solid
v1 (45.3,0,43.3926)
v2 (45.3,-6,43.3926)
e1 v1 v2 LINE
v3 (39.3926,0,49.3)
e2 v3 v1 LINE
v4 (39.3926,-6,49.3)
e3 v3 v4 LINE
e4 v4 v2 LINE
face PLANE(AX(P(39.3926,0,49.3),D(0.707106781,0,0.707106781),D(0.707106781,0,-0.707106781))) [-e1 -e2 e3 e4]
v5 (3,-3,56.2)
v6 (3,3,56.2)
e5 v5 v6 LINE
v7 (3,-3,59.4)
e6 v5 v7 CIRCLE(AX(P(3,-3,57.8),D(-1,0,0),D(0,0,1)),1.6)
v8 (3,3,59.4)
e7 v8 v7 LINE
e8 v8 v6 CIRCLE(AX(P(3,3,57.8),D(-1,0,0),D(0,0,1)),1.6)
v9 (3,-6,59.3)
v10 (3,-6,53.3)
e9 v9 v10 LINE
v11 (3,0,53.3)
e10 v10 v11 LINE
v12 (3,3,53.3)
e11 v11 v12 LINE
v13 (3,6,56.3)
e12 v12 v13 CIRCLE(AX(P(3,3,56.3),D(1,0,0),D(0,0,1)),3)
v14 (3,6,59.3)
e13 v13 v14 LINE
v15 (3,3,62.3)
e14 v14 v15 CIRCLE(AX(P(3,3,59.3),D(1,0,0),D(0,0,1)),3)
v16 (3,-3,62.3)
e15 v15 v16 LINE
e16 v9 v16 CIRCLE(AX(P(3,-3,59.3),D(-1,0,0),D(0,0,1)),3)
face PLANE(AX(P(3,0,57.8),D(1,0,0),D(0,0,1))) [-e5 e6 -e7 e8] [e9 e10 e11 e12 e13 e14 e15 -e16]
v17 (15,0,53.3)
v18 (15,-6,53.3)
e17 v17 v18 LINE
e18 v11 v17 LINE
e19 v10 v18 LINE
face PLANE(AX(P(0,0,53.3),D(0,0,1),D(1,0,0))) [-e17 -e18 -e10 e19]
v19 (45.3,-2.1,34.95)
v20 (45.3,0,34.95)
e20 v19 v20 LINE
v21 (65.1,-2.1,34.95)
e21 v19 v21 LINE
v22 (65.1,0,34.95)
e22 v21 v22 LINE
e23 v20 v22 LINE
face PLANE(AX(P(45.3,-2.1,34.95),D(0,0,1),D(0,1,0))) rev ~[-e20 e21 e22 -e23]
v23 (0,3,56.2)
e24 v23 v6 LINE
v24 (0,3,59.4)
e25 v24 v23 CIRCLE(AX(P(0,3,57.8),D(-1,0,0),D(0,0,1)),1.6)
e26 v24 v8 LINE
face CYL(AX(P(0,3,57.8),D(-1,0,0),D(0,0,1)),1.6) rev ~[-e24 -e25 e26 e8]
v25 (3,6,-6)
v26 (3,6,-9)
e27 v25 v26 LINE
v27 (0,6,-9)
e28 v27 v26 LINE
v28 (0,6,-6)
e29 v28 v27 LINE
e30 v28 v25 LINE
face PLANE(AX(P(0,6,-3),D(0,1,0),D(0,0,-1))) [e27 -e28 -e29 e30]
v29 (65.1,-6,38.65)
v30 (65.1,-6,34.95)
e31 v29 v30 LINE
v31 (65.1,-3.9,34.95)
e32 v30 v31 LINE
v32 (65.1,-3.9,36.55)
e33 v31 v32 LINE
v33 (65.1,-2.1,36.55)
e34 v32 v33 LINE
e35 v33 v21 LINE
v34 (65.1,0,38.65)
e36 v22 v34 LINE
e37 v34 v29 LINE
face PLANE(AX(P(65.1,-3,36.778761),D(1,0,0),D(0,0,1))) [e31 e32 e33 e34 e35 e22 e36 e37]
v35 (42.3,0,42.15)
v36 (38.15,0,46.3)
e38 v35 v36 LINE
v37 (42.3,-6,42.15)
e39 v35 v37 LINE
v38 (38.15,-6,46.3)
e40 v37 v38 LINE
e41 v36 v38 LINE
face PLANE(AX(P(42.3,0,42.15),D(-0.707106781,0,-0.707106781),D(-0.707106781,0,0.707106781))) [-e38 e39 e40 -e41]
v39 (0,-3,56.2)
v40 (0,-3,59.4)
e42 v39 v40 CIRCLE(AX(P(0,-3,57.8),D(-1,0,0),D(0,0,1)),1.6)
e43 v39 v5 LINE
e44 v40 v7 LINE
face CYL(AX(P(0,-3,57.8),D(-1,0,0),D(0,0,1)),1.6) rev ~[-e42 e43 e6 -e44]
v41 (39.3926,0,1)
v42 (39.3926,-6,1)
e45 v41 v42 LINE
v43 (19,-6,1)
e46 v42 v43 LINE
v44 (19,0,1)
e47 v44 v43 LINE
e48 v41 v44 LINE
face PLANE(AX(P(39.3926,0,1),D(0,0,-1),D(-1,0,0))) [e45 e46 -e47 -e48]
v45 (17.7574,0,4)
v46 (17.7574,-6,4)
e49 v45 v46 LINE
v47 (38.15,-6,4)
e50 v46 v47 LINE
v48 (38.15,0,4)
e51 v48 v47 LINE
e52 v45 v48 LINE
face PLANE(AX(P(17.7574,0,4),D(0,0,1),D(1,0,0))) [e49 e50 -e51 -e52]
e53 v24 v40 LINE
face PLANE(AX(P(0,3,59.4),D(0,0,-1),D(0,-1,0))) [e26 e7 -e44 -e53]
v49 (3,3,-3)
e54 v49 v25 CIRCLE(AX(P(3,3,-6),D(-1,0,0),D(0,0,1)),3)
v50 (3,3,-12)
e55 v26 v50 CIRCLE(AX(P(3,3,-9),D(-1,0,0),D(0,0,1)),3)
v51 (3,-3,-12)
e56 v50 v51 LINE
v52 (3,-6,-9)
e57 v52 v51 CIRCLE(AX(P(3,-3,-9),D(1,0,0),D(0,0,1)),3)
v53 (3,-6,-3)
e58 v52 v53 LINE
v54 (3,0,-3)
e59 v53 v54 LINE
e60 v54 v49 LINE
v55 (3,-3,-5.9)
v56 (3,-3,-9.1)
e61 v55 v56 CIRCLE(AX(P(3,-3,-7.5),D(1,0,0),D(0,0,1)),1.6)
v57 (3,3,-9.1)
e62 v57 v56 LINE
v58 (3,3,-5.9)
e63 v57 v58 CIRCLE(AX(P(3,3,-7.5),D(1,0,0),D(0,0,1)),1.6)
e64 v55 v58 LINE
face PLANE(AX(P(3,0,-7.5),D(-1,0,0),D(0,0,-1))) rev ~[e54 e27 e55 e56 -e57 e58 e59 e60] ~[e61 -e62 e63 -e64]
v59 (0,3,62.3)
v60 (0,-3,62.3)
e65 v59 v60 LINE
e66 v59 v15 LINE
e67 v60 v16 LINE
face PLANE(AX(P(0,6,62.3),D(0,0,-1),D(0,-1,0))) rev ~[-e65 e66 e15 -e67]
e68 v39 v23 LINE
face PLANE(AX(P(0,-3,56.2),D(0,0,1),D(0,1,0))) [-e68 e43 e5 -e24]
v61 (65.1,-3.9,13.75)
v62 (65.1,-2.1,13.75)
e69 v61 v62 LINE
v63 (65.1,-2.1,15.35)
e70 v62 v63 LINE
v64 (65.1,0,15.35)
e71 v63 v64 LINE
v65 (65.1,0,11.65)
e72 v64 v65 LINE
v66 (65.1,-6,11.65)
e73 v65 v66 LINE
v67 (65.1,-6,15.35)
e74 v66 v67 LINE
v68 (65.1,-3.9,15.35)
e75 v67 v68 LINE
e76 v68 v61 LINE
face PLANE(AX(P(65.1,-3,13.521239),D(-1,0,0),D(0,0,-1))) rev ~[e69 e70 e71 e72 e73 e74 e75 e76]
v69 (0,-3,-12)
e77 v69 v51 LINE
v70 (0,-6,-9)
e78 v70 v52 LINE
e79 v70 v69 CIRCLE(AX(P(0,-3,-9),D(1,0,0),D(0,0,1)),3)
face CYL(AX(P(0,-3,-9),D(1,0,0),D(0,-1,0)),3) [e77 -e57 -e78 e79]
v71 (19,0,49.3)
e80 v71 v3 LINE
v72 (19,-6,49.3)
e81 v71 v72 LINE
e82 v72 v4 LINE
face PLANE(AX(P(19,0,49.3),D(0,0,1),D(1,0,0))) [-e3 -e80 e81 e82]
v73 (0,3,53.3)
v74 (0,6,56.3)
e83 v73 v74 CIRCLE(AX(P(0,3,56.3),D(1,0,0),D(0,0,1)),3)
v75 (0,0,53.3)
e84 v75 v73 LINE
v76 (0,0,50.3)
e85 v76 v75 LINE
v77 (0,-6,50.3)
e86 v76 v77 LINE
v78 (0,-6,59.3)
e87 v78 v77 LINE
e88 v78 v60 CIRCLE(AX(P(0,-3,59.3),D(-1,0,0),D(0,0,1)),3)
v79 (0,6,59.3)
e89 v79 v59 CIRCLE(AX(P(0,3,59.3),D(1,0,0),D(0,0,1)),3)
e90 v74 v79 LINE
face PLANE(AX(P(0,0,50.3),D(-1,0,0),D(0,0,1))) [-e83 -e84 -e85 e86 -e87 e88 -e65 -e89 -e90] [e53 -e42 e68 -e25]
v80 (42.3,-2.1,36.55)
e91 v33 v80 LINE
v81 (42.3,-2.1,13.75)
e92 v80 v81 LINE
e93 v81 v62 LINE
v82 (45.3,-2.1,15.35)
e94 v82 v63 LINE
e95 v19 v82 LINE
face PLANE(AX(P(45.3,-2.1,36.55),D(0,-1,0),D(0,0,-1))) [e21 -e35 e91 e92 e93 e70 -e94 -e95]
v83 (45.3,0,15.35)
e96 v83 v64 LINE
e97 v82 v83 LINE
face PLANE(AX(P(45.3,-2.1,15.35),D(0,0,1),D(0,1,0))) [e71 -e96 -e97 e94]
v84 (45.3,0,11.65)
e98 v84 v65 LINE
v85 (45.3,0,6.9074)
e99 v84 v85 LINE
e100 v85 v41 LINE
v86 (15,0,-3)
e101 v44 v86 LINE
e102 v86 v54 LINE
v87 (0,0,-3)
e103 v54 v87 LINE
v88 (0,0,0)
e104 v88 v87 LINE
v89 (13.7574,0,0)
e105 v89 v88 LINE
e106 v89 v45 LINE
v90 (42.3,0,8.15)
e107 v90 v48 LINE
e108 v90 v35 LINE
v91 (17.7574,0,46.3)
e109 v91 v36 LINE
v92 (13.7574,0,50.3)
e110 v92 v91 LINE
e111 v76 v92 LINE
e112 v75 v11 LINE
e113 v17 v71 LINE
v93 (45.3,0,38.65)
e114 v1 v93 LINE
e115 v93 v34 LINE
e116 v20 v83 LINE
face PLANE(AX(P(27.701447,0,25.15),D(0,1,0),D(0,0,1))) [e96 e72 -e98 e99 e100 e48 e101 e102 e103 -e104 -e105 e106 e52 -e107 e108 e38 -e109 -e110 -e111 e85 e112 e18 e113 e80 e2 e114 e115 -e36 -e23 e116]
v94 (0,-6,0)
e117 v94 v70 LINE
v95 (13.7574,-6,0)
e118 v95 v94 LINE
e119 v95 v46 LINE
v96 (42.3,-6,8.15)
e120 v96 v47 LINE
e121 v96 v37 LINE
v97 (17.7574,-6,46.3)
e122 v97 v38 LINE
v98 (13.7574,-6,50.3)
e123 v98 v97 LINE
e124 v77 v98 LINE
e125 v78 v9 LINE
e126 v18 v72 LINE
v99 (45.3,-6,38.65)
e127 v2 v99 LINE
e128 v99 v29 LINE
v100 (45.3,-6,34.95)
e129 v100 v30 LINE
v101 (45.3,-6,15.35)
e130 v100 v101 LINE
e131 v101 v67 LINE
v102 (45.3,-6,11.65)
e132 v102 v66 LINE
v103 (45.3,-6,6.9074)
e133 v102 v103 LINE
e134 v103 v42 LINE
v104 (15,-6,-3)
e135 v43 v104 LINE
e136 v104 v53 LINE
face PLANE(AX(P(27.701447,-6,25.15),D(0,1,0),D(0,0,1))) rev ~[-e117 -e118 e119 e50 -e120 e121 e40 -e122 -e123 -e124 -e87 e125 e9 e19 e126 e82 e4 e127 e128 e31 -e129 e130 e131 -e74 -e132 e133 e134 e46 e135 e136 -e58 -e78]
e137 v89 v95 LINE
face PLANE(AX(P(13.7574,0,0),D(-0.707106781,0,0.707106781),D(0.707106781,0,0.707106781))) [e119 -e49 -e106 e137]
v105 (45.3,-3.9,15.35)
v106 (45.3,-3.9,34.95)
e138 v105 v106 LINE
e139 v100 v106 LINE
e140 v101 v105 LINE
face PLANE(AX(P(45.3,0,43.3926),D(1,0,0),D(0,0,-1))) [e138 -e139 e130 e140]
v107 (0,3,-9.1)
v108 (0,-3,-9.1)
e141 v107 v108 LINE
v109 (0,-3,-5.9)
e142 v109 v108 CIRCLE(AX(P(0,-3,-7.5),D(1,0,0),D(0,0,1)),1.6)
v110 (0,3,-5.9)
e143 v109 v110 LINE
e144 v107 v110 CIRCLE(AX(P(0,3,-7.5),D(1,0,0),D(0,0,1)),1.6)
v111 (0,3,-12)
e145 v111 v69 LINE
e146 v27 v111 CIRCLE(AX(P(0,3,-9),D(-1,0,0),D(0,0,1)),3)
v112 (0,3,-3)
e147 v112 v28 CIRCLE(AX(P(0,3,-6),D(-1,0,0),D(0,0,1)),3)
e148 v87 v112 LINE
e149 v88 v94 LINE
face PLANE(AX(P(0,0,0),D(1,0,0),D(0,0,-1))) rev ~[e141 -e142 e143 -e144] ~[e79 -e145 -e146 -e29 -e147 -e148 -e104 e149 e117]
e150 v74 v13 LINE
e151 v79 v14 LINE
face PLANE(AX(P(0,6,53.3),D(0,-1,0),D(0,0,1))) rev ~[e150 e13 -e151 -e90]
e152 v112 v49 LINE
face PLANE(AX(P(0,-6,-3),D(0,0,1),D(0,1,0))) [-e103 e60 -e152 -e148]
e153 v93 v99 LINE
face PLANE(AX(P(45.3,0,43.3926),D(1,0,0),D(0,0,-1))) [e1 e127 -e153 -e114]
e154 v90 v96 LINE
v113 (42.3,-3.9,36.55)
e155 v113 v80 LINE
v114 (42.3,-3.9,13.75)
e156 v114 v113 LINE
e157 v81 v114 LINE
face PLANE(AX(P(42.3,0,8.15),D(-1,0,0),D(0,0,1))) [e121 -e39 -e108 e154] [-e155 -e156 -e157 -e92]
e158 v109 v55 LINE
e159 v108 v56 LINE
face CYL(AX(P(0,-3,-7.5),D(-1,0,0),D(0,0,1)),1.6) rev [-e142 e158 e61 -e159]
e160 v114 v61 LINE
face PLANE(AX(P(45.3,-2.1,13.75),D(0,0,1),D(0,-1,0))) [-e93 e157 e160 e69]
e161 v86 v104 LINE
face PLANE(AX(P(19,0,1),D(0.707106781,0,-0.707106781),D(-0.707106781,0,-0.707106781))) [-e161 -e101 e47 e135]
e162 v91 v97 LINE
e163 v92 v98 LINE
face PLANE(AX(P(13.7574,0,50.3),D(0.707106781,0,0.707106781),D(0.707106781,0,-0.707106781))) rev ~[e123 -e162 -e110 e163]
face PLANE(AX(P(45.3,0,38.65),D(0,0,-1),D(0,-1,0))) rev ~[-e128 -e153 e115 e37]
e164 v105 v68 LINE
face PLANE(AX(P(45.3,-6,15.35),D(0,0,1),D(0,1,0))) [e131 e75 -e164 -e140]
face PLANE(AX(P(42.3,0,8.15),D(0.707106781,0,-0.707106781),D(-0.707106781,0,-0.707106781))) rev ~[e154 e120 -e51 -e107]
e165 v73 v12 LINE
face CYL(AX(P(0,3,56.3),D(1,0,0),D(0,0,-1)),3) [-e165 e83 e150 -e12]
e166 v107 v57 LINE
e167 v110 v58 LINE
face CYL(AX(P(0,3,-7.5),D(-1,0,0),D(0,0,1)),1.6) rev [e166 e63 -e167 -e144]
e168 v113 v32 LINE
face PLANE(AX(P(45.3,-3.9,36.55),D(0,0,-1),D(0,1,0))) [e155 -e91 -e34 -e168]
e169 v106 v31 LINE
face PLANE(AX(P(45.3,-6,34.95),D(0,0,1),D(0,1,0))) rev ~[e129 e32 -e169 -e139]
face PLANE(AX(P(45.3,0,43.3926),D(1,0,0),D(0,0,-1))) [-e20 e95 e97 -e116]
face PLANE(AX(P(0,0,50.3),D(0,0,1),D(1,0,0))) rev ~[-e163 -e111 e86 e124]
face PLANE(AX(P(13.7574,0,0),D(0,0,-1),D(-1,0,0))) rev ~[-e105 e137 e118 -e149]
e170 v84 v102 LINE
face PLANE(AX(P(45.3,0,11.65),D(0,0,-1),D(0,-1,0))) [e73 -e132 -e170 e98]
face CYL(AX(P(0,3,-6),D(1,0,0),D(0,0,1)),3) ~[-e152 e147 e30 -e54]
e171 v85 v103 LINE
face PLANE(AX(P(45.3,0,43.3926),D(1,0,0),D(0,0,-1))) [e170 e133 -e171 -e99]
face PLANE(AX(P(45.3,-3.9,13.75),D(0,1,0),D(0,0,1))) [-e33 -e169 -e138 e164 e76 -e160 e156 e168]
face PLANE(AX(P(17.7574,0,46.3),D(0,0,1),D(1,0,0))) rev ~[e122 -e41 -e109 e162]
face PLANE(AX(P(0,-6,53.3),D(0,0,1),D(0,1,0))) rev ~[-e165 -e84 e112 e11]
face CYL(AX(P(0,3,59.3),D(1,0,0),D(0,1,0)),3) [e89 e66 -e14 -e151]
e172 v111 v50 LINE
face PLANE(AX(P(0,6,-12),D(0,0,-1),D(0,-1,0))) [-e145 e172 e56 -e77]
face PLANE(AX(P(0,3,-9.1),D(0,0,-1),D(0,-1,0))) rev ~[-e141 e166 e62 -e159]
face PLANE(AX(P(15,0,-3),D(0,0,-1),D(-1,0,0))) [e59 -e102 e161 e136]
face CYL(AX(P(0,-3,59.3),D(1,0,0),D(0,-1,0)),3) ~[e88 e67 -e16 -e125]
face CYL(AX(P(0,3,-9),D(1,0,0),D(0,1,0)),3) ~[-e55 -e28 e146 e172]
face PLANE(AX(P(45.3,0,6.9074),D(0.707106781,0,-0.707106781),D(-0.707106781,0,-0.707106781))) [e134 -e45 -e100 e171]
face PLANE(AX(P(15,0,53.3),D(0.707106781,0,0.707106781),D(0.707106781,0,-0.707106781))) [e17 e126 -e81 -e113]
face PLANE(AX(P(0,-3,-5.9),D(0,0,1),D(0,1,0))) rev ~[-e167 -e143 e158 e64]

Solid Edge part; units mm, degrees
sketch "Sketch1" plane through (0, 0, 0) normal (0, -1, 0) x (1, 0, 0)
  line L0 (45.3, 43.3926) -> (45.3, 6.9074)
  line L1 (45.3, 6.9074) -> (39.3926, 1)
  line L2 (39.3926, 1) -> (19, 1)
  line L3 (19, 1) -> (15, -3)
  line L4 (15, -3) -> (0, -3)
  line L5 (0, 0) -> (0, -3)
  line L6 (13.7574, 0) -> (0, 0)
  line L7 (13.7574, 0) -> (17.7574, 4)
  line L8 (17.7574, 4) -> (38.15, 4)
  line L9 (42.3, 8.15) -> (38.15, 4)
  line L10 (42.3, 8.15) -> (42.3, 42.15)
  line L11 (42.3, 42.15) -> (38.15, 46.3)
  line L12 (17.7574, 46.3) -> (38.15, 46.3)
  line L13 (13.7574, 50.3) -> (17.7574, 46.3)
  line L14 (0, 50.3) -> (13.7574, 50.3)
  line L15 (0, 50.3) -> (0, 53.3)
  line L16 (0, 53.3) -> (15, 53.3)
  line L17 (15, 53.3) -> (19, 49.3)
  line L18 (19, 49.3) -> (39.3926, 49.3)
  line L19 (39.3926, 49.3) -> (45.3, 43.3926)
extrude "Protrusion1" add sketch "Sketch1" along normal blind 6
sketch "Sketch2" plane through (45.3, -3, 24.9165) normal (1, 0, 0) x (0, 0, -1)
  line L0 (-11.6335, 0.9) -> (11.1665, 0.9)
  line L1 (11.1665, 0.9) -> (11.1665, -0.9)
  line L2 (11.1665, -0.9) -> (-11.6335, -0.9)
  line L3 (-11.6335, -0.9) -> (-11.6335, 0.9)
extrude "VaciadoExtruido_1" cut sketch "Sketch2" against normal blind 3
sketch "Sketch3" plane through (45.3, -3, 24.9165) normal (1, 0, 0) x (0, 0, -1)
  line L0 (-13.7335, 3) -> (-13.7335, -3)
  line L1 (-13.7335, -3) -> (-10.0335, -3)
  line L2 (-10.0335, -3) -> (-10.0335, -0.9)
  line L3 (-10.0335, -0.9) -> (-11.6335, -0.9)
  line L4 (-11.6335, -0.9) -> (-11.6335, 0.9)
  line L5 (-11.6335, 0.9) -> (-10.0335, 0.9)
  line L6 (-10.0335, 0.9) -> (-10.0335, 3)
  line L7 (-10.0335, 3) -> (-13.7335, 3)
  line L8 (9.5665, -3) -> (9.5665, -0.9)
  line L9 (9.5665, -0.9) -> (11.1665, -0.9)
  line L10 (11.1665, -0.9) -> (11.1665, 0.9)
  line L11 (11.1665, 0.9) -> (9.5665, 0.9)
  line L12 (9.5665, 0.9) -> (9.5665, 3)
  line L13 (9.5665, 3) -> (13.2665, 3)
  line L14 (13.2665, 3) -> (13.2665, -3)
  line L15 (13.2665, -3) -> (9.5665, -3)
  dimension "D1" = 2.1
  dimension "D2" = 1.6
extrude "ProtrusiónExtruida_2" add sketch "Sketch3" along normal blind 19.8
sketch "Sketch4" plane through (0, -3, -1.5) normal (-1, 0, 0) x (0, 0, 1)
  line L0 (-7.6, 6) -> (-7.6, 0)
  line L1 (-4.4, 0) -> (-4.4, 6)
  arc A0 (-4.4, 0) -> (-7.6, 0) centre (-6, 0) cw
  arc A1 (-7.6, 6) -> (-4.4, 6) centre (-6, 6) cw
  line L2 (-1.5, -3) -> (-1.5, 9)
  line L3 (-1.5, 9) -> (-10.5, 9)
  line L4 (-10.5, 9) -> (-10.5, -3)
  line L5 (-10.5, -3) -> (-1.5, -3)
  line L6 (54.8, -3) -> (54.8, 9)
  line L7 (54.8, 9) -> (63.8, 9)
  line L8 (63.8, 9) -> (63.8, -3)
  line L9 (63.8, -3) -> (54.8, -3)
  arc A2 (60.9, 6) -> (57.7, 6) centre (59.3, 6) ccw
  line L10 (57.7, 0) -> (57.7, 6)
  arc A3 (57.7, 0) -> (60.9, 0) centre (59.3, 0) ccw
  line L11 (60.9, 6) -> (60.9, 0)
extrude "ProtrusiónExtruida_3" add sketch "Sketch4" against normal blind 3
fillet "Redondeo_1" radius 3 6 edges at (1.5, -6, 62.3) (1.5, 6, 62.3) (1.5, 6, 53.3) (1.5, 6, -12) (1.5, 6, -3) (1.5, -6, -12)
